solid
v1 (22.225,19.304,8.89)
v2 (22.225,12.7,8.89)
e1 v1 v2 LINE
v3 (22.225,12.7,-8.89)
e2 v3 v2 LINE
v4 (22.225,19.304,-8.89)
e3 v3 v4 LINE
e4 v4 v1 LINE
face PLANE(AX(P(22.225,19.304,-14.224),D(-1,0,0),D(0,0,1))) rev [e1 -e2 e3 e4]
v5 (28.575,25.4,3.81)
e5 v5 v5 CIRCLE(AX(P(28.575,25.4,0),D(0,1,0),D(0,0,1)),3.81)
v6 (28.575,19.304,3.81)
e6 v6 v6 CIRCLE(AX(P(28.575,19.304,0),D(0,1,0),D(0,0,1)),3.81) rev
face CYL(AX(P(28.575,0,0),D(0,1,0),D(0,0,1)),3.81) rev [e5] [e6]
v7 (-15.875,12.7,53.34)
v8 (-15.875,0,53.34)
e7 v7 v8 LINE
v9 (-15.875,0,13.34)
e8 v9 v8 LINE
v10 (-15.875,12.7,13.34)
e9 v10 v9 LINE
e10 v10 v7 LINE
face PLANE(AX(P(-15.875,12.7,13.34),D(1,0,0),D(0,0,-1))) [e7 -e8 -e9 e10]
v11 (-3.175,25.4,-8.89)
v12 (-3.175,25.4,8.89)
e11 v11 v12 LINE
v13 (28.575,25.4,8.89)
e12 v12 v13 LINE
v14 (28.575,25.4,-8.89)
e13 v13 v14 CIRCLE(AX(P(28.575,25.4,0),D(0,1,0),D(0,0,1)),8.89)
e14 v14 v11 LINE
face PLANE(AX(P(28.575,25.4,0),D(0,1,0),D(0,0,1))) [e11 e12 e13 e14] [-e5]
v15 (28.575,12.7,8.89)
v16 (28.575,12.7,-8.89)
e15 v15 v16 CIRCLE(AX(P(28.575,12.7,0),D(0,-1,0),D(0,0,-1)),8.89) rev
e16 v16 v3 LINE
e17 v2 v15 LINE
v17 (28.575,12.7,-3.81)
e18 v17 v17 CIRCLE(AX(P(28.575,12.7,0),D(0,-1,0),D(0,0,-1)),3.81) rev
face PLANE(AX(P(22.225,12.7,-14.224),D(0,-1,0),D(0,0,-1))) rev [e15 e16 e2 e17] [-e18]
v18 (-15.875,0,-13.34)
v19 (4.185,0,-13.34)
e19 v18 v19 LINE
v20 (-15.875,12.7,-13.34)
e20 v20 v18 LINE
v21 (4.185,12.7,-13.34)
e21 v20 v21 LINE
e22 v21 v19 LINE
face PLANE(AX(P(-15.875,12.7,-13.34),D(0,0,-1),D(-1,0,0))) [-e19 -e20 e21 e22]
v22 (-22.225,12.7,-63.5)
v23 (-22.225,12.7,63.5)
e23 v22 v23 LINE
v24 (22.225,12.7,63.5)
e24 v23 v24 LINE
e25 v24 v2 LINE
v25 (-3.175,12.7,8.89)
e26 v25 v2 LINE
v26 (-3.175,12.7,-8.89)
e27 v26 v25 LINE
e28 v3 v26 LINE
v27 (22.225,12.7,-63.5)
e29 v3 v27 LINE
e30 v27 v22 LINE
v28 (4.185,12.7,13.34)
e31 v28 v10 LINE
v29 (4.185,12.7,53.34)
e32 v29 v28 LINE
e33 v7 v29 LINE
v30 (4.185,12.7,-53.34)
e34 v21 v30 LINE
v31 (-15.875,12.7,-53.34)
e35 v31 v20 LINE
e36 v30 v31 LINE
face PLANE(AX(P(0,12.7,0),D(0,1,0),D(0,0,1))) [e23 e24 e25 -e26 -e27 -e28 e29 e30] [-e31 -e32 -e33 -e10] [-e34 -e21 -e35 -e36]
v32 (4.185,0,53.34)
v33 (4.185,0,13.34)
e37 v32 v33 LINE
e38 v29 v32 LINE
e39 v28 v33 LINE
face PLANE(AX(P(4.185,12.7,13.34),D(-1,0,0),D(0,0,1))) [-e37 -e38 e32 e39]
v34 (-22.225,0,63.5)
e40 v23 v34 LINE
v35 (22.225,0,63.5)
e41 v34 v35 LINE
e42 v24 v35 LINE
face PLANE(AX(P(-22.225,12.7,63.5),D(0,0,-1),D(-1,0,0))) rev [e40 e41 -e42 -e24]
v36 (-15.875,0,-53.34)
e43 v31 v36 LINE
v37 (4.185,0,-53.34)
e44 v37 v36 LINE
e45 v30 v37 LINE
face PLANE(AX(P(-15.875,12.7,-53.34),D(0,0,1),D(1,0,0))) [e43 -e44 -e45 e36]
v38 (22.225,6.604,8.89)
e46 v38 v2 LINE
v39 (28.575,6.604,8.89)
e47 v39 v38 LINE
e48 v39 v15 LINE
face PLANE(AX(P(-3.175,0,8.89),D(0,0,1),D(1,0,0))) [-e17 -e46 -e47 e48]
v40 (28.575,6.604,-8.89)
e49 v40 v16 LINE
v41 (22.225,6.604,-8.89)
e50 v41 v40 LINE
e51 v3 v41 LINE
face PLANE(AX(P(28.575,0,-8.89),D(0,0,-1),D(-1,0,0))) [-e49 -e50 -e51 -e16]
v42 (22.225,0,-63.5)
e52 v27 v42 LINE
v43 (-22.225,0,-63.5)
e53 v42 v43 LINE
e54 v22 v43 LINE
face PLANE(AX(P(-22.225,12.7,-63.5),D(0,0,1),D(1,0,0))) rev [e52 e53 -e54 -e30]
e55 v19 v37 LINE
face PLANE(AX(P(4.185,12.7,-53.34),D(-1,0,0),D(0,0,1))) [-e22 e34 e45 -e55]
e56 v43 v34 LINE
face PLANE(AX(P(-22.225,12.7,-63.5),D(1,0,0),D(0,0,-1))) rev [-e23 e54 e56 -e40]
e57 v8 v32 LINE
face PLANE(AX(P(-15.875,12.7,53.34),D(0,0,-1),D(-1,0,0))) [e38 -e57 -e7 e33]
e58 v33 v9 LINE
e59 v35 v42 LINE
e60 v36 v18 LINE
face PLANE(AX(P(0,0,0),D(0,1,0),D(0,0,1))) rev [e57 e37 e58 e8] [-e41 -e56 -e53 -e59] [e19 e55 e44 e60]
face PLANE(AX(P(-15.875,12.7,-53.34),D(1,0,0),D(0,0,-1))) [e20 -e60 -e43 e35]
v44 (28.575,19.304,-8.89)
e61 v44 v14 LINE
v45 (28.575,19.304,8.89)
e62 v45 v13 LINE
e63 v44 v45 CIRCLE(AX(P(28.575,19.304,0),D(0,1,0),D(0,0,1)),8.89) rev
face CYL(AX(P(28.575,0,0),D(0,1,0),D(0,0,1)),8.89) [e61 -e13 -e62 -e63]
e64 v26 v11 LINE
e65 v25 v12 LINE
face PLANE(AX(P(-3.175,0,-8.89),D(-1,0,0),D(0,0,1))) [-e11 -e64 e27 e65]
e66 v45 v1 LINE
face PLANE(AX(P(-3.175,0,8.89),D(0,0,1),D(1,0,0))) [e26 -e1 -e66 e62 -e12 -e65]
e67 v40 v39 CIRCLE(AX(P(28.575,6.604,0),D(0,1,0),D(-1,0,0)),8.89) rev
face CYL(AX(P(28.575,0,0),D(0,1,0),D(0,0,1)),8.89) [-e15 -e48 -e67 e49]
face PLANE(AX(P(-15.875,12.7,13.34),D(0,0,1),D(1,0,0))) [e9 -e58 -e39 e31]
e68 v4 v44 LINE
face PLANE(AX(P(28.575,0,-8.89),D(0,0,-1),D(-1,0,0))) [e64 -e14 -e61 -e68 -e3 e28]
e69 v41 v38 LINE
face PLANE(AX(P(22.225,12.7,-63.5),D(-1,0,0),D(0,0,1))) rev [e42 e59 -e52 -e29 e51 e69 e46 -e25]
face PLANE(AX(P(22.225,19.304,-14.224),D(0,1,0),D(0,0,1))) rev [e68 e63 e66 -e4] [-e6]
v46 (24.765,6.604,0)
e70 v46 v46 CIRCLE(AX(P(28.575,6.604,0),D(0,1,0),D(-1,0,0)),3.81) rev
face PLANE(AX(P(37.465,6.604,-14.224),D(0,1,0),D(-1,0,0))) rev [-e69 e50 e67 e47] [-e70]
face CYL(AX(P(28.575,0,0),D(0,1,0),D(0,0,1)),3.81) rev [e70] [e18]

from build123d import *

# Parameters (mm, degrees)
SKETCH1_W                = 44.45
SKETCH1_H                = 127
SKETCH1_W_2              = 20.060000012
SKETCH1_H_2              = 40.00000001
BOSS_EXTRUDE1_DEPTH      = 12.7
BOSS_EXTRUDE2_DEPTH      = 12.7
BOSS_EXTRUDE2_DEPTH_BACK = 12.7
SKETCH2_R                = 3.81
SKETCH3_W                = 15.24
SKETCH3_H                = 6.604
CUT_EXTRUDE1_DEPTH       = 23.114


with BuildPart() as part:
    # Sketch1 → Boss-Extrude1 (new body)
    with BuildSketch(Plane(origin=(0, 0, 0), x_dir=(1, 0, 0), z_dir=(0, 1, 0))):
        Rectangle(SKETCH1_W, SKETCH1_H)
        with Locations((-5.844999994, 33.339999995)):
            Rectangle(SKETCH1_W_2, SKETCH1_H_2, mode=Mode.SUBTRACT)
        with Locations((-5.844999994, -33.339999995)):
            Rectangle(SKETCH1_W_2, SKETCH1_H_2, mode=Mode.SUBTRACT)
    extrude(amount=BOSS_EXTRUDE1_DEPTH)

    # Sketch2 → Boss-Extrude2 (add, two sides: drawn at the far end of the back side and taken through both)
    with BuildSketch(Plane(origin=(0, 12.7, 0), x_dir=(1, 0, 0), z_dir=(0, 1, 0)).offset(-BOSS_EXTRUDE2_DEPTH_BACK)):
        with BuildLine():
            Line((28.575, 8.89), (-3.175, 8.89))
            Line((-3.175, 8.89), (-3.175, -8.89))
            Line((-3.175, -8.89), (28.575, -8.89))
            ThreePointArc((28.575, -8.89), (37.465, 0), (28.575, 8.89))
        make_face()
        with Locations((28.575, 0)):
            Circle(SKETCH2_R, mode=Mode.SUBTRACT)
    extrude(amount=BOSS_EXTRUDE2_DEPTH + BOSS_EXTRUDE2_DEPTH_BACK)

    # Sketch3 → Cut-Extrude1 (cut)
    with BuildSketch(Plane.XY.offset(8.89)):
        with Locations((29.845, 16.002)):
            Rectangle(SKETCH3_W, SKETCH3_H)
        with Locations((29.845, 3.302)):
            Rectangle(SKETCH3_W, SKETCH3_H)
    extrude(amount=-CUT_EXTRUDE1_DEPTH, mode=Mode.SUBTRACT)


solid = part.part
